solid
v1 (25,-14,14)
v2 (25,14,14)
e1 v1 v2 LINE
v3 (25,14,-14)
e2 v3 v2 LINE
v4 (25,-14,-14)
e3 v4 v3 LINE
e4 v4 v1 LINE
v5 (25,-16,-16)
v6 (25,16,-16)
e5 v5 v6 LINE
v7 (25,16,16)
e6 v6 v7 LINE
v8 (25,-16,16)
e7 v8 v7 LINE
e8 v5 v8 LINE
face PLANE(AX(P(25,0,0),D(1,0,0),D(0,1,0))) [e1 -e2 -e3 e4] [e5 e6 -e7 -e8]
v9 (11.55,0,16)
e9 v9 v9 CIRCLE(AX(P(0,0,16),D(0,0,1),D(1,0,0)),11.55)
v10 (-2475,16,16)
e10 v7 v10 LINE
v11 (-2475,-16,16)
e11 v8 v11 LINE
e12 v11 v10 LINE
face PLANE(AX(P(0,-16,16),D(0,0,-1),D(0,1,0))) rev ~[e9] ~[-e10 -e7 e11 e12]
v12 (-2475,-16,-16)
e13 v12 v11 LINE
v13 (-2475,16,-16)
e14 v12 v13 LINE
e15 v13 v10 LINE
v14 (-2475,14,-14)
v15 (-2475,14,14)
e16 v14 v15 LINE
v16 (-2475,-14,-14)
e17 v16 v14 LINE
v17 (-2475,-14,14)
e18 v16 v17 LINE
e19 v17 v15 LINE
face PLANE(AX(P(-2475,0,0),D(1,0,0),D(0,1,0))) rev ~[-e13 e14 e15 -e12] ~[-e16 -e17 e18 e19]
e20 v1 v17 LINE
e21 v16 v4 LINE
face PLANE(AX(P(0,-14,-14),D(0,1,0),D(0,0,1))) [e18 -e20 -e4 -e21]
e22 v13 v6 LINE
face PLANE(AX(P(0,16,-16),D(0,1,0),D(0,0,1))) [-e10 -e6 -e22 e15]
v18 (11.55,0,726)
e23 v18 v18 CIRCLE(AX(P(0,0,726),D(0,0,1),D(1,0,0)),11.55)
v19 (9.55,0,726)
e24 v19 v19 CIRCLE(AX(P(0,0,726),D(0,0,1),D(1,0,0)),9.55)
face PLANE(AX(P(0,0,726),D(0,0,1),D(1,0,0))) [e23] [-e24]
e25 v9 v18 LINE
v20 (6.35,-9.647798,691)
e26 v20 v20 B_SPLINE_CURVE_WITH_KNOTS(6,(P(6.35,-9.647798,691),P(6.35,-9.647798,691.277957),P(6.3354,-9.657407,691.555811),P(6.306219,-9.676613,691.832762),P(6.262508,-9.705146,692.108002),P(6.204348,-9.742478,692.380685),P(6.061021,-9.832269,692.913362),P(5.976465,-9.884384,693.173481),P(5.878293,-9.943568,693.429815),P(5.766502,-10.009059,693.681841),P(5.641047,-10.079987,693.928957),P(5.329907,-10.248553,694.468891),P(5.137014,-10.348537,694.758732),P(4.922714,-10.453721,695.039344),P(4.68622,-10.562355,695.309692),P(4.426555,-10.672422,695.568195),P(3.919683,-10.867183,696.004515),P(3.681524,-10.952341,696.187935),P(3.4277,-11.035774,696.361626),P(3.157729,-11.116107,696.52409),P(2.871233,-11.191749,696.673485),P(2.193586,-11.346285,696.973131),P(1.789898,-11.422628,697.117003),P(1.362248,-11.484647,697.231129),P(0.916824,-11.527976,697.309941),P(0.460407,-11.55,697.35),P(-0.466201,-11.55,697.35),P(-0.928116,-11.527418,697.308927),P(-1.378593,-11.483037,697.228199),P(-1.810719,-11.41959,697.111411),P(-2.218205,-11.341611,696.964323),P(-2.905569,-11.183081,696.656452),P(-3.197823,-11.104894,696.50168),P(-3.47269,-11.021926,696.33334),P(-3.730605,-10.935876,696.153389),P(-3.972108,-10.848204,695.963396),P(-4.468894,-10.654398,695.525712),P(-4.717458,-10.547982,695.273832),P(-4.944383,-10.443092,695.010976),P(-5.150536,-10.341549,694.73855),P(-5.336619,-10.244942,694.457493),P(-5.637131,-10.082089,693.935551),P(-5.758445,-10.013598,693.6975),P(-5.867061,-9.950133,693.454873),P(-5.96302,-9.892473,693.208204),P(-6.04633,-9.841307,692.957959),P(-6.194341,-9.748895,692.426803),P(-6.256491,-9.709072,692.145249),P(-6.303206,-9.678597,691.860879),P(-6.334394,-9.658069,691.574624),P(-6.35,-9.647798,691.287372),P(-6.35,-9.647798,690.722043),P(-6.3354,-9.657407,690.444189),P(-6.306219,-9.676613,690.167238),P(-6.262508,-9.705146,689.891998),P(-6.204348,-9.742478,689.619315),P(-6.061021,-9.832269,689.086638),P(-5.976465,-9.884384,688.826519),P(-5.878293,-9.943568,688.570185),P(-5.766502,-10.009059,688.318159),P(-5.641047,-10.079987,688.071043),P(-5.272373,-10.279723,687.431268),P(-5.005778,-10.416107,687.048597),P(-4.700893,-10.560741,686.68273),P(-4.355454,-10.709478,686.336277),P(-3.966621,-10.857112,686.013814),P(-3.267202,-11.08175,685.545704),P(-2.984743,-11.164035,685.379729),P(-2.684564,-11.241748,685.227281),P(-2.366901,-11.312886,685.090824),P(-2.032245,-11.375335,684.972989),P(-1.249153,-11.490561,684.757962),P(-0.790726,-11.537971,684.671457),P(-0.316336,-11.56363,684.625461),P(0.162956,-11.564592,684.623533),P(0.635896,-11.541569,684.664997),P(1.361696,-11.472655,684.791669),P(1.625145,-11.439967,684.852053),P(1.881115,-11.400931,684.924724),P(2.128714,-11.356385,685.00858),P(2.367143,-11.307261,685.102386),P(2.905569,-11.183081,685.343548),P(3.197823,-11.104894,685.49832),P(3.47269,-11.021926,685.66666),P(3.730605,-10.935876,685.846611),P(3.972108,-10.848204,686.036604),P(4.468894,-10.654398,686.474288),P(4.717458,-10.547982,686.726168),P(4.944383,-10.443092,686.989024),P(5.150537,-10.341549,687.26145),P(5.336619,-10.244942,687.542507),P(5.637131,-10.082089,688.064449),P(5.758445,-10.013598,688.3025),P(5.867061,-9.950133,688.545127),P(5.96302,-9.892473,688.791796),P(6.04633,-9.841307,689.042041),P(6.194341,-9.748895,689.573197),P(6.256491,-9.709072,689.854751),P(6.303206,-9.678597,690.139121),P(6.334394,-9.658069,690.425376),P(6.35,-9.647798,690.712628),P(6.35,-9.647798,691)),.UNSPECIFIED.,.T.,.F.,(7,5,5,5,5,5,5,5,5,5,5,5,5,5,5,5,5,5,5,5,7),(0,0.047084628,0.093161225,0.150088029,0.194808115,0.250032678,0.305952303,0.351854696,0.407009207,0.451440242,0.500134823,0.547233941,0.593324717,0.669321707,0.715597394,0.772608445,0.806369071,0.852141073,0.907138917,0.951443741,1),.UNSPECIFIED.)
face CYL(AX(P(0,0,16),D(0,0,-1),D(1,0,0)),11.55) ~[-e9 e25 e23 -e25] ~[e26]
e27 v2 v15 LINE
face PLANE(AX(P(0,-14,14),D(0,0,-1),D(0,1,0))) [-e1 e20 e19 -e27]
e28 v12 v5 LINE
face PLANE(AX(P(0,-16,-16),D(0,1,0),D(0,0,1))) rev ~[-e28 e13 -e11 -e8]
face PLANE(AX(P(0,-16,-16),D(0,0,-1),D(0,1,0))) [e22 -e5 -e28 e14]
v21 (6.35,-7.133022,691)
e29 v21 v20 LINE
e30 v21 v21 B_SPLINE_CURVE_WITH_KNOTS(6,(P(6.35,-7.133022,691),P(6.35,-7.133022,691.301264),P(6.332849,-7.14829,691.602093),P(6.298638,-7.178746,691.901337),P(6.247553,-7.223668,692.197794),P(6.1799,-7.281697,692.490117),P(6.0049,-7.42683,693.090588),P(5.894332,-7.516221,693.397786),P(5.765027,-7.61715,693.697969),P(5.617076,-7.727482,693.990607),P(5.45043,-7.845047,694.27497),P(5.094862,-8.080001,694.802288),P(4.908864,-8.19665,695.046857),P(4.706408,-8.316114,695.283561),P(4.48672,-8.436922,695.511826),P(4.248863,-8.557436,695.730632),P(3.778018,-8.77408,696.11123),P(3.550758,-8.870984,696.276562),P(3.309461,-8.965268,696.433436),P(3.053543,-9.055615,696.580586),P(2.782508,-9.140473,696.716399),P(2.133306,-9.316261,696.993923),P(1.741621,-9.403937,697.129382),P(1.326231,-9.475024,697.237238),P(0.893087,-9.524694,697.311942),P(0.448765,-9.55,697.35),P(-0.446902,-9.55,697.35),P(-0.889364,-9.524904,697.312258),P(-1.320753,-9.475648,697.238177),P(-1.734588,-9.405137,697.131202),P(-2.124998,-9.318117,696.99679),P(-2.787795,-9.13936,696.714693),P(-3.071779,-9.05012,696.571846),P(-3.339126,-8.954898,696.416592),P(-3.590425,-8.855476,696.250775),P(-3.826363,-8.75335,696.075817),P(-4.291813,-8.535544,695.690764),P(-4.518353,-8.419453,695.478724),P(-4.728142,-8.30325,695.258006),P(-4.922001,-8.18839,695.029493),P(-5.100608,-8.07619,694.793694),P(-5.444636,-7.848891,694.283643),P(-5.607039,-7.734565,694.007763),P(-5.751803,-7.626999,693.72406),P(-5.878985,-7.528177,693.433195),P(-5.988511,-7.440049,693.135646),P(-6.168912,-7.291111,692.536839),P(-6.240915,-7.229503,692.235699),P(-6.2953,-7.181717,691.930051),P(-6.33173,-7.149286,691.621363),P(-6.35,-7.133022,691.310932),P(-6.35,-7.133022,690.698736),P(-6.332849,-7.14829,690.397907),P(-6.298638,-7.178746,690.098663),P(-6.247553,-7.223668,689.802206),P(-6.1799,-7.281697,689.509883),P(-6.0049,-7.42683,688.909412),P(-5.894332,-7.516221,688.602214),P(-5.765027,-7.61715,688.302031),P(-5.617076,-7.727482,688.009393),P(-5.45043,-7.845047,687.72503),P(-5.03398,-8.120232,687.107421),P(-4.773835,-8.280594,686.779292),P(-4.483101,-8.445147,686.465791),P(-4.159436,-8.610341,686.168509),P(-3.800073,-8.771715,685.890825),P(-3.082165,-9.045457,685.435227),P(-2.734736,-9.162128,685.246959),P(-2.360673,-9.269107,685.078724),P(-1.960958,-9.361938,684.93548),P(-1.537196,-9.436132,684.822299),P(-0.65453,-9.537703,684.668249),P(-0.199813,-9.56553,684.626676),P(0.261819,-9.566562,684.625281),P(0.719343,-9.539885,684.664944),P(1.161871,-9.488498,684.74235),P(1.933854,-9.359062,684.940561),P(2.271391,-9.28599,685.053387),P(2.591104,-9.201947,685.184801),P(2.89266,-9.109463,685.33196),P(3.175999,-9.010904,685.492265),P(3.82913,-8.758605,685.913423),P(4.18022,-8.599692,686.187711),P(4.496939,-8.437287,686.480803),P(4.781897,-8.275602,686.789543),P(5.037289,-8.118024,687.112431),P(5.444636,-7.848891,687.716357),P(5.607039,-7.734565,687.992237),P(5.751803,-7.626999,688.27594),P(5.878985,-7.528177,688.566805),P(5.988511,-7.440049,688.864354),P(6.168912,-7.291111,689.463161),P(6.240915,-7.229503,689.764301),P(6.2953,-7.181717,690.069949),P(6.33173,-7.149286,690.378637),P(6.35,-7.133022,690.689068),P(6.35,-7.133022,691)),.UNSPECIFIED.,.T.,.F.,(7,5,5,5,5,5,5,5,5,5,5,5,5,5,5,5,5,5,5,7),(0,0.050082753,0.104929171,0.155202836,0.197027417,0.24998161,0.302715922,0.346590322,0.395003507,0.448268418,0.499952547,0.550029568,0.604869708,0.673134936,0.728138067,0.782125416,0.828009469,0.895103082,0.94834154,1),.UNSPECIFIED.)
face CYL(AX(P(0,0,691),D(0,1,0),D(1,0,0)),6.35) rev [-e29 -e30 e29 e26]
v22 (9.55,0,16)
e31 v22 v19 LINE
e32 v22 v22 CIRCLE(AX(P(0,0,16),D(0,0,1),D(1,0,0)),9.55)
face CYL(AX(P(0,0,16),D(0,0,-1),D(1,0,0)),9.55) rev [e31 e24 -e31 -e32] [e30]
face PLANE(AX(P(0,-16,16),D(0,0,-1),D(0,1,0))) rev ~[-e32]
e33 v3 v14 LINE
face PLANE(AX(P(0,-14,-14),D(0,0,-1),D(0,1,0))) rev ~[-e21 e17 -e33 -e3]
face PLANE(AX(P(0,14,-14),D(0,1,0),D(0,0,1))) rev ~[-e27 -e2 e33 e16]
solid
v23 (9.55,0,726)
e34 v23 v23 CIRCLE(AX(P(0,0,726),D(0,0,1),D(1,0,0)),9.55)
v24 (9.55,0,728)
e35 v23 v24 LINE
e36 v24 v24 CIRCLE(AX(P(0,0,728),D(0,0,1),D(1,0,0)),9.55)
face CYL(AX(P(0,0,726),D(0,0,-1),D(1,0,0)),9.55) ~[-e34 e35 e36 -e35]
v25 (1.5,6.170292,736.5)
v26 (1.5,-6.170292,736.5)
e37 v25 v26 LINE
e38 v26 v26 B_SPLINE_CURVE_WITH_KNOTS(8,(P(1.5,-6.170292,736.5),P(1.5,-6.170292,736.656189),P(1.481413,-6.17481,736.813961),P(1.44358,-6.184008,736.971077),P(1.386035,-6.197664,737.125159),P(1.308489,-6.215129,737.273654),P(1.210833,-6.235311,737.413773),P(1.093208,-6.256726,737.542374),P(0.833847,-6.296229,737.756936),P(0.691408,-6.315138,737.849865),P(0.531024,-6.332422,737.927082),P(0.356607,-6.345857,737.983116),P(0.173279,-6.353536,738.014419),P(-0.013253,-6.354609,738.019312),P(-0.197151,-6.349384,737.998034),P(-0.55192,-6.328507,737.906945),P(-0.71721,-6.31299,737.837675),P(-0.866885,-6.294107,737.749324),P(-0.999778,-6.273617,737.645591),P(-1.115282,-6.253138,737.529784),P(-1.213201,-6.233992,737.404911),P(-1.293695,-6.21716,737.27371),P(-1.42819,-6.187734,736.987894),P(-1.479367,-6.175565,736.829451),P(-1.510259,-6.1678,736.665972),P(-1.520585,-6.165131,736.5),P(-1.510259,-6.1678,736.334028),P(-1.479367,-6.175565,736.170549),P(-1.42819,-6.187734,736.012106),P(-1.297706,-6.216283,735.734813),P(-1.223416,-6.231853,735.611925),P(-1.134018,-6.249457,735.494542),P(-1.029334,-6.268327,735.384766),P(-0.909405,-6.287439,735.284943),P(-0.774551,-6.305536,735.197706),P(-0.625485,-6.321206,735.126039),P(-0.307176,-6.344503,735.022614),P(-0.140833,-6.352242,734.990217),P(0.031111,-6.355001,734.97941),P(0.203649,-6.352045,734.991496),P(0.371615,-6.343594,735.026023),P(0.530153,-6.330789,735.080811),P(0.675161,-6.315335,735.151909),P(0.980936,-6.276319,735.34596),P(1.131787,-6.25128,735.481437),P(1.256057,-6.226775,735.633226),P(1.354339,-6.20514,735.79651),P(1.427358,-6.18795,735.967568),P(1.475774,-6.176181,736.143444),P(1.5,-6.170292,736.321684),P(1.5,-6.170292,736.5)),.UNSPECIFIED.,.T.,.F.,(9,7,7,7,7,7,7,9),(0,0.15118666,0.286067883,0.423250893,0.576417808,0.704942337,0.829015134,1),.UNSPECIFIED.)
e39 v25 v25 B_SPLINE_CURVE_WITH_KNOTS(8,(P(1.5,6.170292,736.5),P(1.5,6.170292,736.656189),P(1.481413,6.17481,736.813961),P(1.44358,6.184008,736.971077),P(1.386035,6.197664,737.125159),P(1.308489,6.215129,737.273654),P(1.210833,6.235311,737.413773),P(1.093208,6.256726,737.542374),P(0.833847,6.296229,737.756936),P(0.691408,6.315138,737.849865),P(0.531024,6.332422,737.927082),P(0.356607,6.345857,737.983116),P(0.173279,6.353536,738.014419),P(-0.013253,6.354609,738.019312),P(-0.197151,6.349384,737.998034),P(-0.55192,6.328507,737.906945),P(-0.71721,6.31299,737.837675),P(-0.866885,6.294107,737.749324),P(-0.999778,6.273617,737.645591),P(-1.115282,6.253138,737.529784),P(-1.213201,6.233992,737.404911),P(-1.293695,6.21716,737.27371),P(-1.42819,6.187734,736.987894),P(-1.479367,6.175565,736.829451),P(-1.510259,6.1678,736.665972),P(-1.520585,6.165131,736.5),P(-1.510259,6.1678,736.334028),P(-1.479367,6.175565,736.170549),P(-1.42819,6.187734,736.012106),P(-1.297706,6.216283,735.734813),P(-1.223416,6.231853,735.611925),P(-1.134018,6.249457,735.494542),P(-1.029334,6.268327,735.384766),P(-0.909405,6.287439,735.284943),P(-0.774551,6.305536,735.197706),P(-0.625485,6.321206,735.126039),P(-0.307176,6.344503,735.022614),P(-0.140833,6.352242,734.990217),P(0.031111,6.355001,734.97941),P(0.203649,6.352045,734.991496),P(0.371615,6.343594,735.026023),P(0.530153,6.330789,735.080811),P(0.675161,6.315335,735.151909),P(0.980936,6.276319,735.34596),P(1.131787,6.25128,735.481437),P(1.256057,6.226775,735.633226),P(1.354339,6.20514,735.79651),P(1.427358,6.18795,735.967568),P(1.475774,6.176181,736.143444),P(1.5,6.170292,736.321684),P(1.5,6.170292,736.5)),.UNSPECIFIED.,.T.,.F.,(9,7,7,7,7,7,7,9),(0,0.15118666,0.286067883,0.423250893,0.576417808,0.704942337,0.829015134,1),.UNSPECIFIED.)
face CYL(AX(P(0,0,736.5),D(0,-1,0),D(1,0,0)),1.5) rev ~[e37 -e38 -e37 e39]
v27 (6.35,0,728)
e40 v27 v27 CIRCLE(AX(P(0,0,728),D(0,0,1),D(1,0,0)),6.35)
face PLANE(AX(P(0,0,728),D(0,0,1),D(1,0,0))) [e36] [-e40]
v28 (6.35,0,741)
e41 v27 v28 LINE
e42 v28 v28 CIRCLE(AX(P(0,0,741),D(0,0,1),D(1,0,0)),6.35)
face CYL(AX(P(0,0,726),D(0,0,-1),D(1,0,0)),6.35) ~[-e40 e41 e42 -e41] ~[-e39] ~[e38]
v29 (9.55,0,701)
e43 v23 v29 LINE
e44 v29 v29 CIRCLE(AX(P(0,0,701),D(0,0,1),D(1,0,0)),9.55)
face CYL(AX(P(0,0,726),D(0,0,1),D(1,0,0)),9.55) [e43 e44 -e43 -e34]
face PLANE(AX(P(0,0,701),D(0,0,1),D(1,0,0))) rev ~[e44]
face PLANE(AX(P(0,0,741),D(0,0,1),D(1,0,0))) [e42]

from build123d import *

# Parameters (mm, degrees)
F0_W      = 32
F0_H      = 32
F0_W_2    = 28
F0_H_2    = 28
F1_DEPTH  = 25
F2_DEPTH  = 2475
F3_R      = 11.55
F3_R_2    = 9.55
F4_DEPTH  = 710
F5_R      = 9.55
F6_DEPTH  = 25
F7_R      = 6.35
F8_DEPTH  = 15
F9_R      = 1.5
F10_DEPTH = 6.5
F11_R     = 9.55
F11_R_2   = 6.35
F12_DEPTH = 2
F13_R     = 6.35
F14_DEPTH = 25


with BuildPart() as f1:
    # F0 (on Right) → F1 (new body)
    with BuildSketch(Plane.YZ):
        Rectangle(F0_W, F0_H)
        Rectangle(F0_W_2, F0_H_2, mode=Mode.SUBTRACT)
    extrude(amount=F1_DEPTH)

    # F0 (on Right) → F2 (join)
    with BuildSketch(Plane.YZ):
        Rectangle(F0_W, F0_H)
        Rectangle(F0_W_2, F0_H_2, mode=Mode.SUBTRACT)
    extrude(amount=-F2_DEPTH)

    # F3 (on face) → F4 (join)
    with BuildSketch(Plane.XY.offset(16)):
        Circle(F3_R)
        Circle(F3_R_2, mode=Mode.SUBTRACT)
    extrude(amount=F4_DEPTH)

    # F13 (on Front) → F14 (cut)
    with BuildSketch(Plane.XZ):
        with Locations((0, 691)):
            Circle(F13_R)
    extrude(amount=F14_DEPTH, mode=Mode.SUBTRACT)


with BuildPart() as f6:
    # F5 (on face) → F6 (new body)
    with BuildSketch(Plane.XY.offset(726)):
        Circle(F5_R)
    extrude(amount=-F6_DEPTH)

    # F7 (on face) → F8 (join)
    with BuildSketch(Plane.XY.offset(726)):
        Circle(F7_R)
    extrude(amount=F8_DEPTH)

    # F9 (on Front) → F10 (cut, symmetric)
    with BuildSketch(Plane.XZ):
        with Locations((0, 736.5)):
            Circle(F9_R)
    extrude(amount=F10_DEPTH, both=True, mode=Mode.SUBTRACT)

    # F11 (on face) → F12 (join)
    with BuildSketch(Plane.XY.offset(726)):
        Circle(F11_R)
        Circle(F11_R_2, mode=Mode.SUBTRACT)
    extrude(amount=F12_DEPTH)


solid = Compound([f1.part, f6.part])
